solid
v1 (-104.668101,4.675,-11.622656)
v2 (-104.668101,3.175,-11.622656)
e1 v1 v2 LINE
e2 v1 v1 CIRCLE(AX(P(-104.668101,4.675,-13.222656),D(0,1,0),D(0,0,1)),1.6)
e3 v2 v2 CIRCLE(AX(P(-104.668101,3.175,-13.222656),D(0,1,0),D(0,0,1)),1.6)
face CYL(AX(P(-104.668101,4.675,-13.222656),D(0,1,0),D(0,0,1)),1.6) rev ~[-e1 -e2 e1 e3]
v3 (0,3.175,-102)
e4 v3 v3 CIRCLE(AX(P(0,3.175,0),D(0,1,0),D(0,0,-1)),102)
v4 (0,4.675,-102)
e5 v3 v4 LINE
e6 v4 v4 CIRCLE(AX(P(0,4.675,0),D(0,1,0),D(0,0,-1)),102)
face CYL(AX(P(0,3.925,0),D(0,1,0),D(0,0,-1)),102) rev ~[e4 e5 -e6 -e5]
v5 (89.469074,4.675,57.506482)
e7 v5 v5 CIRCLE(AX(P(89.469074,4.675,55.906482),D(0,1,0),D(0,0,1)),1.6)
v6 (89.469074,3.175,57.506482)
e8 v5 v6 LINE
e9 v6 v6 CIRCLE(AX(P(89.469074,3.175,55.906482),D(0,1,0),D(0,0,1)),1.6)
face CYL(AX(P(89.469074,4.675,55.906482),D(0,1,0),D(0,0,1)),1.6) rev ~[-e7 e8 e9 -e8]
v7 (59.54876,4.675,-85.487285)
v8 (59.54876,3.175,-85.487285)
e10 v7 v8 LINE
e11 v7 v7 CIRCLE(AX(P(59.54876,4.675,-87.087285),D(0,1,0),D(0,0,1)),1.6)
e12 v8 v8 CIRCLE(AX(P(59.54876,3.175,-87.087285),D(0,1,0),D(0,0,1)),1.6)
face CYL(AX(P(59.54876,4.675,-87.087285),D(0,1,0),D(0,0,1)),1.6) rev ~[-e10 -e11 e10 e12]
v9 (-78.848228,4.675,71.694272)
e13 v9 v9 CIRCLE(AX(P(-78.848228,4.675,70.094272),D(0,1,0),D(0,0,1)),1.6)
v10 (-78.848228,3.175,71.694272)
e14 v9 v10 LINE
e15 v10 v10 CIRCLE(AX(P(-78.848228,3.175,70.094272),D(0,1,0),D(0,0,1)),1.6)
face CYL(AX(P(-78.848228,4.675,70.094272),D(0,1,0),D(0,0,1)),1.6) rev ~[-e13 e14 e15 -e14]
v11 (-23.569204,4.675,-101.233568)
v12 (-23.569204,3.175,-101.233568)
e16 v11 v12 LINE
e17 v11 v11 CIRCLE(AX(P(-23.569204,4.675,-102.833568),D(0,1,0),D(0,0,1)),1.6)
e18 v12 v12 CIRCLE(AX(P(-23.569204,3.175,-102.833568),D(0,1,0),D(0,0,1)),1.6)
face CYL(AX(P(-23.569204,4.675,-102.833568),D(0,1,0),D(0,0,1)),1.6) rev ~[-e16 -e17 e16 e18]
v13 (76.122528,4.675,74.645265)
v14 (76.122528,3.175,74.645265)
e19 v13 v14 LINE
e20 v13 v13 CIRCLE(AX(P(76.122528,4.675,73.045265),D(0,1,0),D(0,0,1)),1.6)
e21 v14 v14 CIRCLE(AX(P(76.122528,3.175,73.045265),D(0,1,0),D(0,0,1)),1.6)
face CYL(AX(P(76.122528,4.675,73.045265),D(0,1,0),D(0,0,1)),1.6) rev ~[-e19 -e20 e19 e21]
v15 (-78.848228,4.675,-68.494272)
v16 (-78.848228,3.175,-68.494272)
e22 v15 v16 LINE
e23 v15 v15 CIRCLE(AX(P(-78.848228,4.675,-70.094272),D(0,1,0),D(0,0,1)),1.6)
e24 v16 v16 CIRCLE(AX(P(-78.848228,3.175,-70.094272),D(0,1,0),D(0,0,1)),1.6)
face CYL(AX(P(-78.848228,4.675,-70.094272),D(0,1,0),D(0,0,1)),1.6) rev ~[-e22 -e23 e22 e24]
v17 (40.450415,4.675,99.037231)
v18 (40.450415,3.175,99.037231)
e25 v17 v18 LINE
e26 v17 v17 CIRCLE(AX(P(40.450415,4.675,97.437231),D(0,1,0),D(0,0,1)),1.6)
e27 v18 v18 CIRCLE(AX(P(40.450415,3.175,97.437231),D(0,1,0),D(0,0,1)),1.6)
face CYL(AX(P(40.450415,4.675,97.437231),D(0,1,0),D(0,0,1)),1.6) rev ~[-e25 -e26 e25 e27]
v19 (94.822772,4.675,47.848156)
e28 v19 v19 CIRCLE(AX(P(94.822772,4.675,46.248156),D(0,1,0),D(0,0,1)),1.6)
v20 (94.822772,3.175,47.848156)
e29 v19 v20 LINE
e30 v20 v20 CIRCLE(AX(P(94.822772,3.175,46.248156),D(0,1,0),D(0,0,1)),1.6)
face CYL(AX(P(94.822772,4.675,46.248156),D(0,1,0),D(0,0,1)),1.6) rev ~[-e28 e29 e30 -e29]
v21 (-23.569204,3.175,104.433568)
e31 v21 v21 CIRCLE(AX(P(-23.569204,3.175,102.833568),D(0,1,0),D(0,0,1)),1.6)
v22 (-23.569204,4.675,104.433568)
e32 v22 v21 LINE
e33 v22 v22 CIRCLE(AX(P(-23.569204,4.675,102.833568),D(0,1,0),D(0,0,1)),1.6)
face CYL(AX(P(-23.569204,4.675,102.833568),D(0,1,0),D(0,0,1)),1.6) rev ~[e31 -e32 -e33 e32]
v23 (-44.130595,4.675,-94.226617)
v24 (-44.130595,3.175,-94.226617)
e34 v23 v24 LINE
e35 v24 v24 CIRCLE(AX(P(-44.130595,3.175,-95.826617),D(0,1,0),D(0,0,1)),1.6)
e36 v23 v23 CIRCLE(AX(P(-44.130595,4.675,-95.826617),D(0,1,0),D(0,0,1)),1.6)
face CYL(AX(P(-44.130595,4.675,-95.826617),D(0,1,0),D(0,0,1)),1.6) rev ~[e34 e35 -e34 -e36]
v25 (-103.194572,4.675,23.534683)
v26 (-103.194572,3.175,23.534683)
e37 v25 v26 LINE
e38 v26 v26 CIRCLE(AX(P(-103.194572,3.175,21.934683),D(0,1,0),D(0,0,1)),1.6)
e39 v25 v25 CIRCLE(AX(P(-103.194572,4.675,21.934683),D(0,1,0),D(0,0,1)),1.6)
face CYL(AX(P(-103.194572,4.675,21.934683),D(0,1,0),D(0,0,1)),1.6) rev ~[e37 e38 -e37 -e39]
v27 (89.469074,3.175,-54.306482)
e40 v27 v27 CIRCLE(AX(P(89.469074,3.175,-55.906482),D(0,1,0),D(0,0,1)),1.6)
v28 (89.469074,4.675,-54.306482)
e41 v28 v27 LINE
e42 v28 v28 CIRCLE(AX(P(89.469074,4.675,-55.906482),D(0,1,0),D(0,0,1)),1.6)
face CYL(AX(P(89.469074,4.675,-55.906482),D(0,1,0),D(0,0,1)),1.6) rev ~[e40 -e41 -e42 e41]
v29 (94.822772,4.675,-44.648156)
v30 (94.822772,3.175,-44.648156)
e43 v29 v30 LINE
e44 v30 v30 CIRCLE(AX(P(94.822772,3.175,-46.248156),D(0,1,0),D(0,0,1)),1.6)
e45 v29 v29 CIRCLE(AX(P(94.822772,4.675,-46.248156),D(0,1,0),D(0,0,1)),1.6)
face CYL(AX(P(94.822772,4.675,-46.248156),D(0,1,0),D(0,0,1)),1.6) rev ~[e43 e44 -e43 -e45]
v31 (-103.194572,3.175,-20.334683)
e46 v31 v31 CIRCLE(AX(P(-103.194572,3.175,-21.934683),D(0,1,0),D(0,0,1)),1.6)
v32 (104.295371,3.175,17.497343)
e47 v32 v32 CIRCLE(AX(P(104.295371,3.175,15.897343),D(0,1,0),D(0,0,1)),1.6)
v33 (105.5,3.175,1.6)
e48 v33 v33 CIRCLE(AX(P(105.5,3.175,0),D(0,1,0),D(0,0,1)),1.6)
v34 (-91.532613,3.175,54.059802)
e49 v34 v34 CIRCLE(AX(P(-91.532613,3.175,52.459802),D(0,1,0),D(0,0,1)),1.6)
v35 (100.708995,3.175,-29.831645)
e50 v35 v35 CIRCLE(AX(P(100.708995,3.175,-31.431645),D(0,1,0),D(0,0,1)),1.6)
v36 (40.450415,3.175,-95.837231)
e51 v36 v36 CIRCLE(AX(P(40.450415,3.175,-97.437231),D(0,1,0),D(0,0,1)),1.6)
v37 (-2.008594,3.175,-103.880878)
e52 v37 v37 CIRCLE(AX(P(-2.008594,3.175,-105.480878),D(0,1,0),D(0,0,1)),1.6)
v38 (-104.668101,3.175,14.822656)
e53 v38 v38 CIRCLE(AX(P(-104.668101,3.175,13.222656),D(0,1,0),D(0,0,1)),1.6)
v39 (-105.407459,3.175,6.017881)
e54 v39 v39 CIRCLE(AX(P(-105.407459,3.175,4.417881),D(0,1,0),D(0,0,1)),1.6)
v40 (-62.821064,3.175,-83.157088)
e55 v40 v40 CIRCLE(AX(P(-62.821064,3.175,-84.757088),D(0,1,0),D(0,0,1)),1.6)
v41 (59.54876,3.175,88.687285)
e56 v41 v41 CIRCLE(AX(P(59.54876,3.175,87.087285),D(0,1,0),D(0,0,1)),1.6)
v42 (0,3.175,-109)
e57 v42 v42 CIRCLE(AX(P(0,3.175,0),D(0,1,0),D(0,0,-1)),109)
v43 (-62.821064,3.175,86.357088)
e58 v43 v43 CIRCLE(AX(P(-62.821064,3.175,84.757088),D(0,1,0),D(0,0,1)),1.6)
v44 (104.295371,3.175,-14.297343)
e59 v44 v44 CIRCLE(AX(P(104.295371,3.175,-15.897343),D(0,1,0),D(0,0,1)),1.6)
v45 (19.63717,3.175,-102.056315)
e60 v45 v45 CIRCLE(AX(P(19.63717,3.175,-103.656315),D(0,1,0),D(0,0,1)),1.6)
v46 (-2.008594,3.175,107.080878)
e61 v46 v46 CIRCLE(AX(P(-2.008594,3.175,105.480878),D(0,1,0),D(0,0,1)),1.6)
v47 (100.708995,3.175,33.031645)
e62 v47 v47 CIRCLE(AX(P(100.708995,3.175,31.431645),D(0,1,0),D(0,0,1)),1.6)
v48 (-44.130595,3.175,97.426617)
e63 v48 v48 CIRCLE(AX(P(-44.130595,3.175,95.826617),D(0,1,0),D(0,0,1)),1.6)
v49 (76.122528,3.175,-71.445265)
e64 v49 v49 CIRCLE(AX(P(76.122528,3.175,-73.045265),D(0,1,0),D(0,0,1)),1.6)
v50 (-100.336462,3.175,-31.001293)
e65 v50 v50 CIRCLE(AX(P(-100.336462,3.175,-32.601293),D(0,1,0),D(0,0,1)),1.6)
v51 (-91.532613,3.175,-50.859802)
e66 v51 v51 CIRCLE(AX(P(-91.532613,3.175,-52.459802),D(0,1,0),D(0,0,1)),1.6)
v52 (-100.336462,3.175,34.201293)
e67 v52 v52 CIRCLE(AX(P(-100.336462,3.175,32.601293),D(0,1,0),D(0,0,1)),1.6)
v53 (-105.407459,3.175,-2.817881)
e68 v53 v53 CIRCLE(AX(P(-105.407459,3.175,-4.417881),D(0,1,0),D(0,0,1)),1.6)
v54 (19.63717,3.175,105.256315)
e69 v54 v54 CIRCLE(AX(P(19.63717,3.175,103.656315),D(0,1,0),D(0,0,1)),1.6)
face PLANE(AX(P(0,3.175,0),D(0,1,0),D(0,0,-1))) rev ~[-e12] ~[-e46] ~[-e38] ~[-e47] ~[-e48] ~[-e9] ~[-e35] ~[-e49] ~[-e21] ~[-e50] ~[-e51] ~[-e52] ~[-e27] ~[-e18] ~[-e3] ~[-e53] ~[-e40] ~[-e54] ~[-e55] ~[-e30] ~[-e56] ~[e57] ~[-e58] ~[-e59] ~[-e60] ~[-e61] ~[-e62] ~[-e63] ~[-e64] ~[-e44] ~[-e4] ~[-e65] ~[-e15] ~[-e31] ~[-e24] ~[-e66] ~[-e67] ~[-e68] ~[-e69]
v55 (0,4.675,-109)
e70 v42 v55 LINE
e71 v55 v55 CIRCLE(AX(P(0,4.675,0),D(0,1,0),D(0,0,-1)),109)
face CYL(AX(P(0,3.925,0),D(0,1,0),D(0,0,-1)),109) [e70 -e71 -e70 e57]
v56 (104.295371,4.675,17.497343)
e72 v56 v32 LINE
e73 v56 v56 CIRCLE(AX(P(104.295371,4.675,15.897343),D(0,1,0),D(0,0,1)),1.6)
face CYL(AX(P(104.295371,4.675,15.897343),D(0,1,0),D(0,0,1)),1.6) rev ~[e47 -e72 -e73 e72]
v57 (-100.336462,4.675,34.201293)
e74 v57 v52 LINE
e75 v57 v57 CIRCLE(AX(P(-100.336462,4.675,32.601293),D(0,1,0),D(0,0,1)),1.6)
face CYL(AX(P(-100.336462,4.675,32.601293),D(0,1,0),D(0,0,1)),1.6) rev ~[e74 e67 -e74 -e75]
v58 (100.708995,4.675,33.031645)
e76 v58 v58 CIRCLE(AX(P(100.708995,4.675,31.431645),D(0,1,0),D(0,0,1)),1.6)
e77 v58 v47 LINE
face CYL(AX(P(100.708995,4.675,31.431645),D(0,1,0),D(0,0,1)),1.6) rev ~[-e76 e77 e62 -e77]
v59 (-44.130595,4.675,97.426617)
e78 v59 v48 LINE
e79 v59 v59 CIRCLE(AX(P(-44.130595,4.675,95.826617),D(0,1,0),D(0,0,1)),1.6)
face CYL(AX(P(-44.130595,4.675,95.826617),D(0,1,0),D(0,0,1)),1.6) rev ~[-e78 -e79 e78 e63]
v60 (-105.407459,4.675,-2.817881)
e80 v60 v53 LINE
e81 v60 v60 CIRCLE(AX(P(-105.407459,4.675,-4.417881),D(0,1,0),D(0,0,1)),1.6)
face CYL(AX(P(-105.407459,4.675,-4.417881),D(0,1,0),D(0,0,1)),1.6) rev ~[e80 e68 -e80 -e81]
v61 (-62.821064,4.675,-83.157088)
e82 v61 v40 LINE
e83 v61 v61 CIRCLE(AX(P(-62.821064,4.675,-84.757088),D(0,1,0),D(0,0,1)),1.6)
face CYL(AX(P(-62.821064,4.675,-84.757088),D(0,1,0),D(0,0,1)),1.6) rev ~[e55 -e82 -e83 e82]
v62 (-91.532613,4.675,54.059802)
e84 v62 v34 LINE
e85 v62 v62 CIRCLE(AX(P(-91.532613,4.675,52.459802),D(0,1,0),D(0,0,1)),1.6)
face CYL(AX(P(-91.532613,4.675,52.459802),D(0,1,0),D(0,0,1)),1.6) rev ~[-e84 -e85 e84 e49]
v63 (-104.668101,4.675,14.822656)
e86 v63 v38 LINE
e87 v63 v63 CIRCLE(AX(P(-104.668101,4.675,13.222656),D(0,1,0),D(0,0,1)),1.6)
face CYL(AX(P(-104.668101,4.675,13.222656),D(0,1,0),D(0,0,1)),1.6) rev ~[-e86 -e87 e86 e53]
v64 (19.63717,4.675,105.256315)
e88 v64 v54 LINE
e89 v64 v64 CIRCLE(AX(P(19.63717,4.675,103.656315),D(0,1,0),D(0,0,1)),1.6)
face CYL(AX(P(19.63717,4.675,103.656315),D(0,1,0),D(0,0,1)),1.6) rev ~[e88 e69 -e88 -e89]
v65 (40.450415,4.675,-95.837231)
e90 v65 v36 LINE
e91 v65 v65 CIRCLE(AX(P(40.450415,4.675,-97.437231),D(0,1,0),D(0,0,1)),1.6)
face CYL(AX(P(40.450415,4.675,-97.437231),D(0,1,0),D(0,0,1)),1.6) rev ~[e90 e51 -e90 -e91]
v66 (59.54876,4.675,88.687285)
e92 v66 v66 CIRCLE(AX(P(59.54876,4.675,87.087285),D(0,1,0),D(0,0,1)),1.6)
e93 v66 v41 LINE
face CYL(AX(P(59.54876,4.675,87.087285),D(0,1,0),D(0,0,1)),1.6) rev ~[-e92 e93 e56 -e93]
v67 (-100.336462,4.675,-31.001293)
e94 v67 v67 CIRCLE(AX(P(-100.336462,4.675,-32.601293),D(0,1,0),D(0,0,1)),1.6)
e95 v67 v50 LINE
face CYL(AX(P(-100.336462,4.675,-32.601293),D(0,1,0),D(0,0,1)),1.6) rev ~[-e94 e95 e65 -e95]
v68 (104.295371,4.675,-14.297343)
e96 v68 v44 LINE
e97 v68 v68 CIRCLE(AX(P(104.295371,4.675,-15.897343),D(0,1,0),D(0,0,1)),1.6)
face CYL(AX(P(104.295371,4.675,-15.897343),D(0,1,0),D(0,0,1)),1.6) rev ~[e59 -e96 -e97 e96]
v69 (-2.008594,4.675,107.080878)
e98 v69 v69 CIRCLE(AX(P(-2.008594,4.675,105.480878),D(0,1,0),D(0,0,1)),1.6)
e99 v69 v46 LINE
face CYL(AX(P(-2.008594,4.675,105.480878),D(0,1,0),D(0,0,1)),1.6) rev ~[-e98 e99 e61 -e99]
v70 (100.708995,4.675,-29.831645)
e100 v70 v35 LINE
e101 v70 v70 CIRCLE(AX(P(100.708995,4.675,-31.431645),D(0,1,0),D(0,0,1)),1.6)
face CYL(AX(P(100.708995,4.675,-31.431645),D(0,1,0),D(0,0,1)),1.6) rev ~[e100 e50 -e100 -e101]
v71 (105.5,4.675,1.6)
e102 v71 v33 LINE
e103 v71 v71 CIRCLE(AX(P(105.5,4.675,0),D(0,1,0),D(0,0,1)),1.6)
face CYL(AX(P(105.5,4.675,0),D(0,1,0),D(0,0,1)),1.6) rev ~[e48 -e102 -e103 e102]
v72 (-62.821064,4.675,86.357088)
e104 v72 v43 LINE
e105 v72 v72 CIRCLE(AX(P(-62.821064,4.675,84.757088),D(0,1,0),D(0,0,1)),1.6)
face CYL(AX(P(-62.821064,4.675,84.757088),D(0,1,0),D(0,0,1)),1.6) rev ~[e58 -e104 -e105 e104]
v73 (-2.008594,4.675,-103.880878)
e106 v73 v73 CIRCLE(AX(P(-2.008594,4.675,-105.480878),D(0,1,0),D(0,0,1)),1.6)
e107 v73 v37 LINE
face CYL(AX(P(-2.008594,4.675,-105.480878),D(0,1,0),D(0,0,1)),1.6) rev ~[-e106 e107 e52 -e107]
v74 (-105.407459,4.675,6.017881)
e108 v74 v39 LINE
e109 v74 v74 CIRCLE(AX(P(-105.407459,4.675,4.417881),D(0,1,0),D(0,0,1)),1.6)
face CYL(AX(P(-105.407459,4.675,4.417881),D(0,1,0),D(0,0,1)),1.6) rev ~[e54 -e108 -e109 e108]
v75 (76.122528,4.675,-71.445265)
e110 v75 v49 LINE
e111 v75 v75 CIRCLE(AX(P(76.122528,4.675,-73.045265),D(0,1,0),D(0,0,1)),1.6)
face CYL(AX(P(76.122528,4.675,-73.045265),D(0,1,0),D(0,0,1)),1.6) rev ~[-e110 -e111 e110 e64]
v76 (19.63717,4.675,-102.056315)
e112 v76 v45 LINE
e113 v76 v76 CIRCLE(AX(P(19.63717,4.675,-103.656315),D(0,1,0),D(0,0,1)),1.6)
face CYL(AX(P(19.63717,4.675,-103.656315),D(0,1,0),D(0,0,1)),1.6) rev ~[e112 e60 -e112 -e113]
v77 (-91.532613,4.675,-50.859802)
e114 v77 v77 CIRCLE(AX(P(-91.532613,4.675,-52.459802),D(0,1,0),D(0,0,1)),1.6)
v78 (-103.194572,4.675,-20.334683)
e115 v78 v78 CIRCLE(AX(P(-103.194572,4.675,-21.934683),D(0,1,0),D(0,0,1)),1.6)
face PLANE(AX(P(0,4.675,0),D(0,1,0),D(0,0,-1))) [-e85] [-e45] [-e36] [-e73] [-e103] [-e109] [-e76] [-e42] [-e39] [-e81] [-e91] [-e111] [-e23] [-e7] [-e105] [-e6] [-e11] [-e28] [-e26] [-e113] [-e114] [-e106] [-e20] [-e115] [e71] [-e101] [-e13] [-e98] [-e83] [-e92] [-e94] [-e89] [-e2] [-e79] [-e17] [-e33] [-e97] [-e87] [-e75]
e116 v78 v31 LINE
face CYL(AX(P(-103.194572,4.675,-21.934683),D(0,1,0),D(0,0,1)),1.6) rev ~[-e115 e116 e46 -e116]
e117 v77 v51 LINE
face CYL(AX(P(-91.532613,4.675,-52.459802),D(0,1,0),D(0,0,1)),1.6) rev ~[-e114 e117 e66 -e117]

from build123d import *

# Parameters (mm, degrees)
SKETCH1_W          = 7
SKETCH1_H          = 1.5
SKETCH3_R          = 1.6
CUT_EXTRUDE2_DEPTH = 155.156576246


with BuildPart() as part:
    # Sketch1 → Revolve1 (revolve)
    with BuildSketch(Plane.XY, mode=Mode.PRIVATE) as revolve1_sk:
        with Locations((-105.5, 3.925)):
            Rectangle(SKETCH1_W, SKETCH1_H)
    revolve(revolve1_sk.sketch.rotate(Axis((0, -200069.047495165, 0), (0, 1, 0)), 270), axis=Axis((0, -200069.047495165, 0), (0, 1, 0)))

    # Sketch3 → Cut-Extrude2 (cut, through all)
    with BuildSketch(Plane(origin=(0, 4.675, 0), x_dir=(1, 0, 0), z_dir=(0, 1, 0))):
        with Locations(Location((-103.194571877, -21.934683381, 0), (0, 0, 270))):
            Circle(SKETCH3_R)
        with Locations(Location((-105.407458575, -4.417881468, 0), (0, 0, 270))):
            Circle(SKETCH3_R)
        with Locations(Location((-104.668100989, -13.222656141, 0), (0, 0, 270))):
            Circle(SKETCH3_R)
        with Locations(Location((-100.336462469, 32.601292907, 0), (0, 0, 270))):
            Circle(SKETCH3_R)
        with Locations(Location((104.295371407, 15.897342642, 0), (0, 0, 270))):
            Circle(SKETCH3_R)
        with Locations(Location((100.708995202, 31.43164465, 0), (0, 0, 270))):
            Circle(SKETCH3_R)
        with Locations(Location((94.822771885, 46.248155986, 0), (0, 0, 270))):
            Circle(SKETCH3_R)
        with Locations(Location((-103.194571877, 21.934683381, 0), (0, 0, 270))):
            Circle(SKETCH3_R)
        with Locations(Location((-104.668100989, 13.222656141, 0), (0, 0, 270))):
            Circle(SKETCH3_R)
        with Locations(Location((-105.407458575, 4.417881468, 0), (0, 0, 270))):
            Circle(SKETCH3_R)
        with Locations(Location((89.469074145, -55.906482377, 0), (0, 0, 270))):
            Circle(SKETCH3_R)
        with Locations(Location((-44.130594647, 95.826617472, 0), (0, 0, 270))):
            Circle(SKETCH3_R)
        with Locations(Location((-62.82106423, 84.757087545, 0), (0, 0, 270))):
            Circle(SKETCH3_R)
        with Locations(Location((-78.848228037, 70.094271773, 0), (0, 0, 270))):
            Circle(SKETCH3_R)
        with Locations(Location((-91.532612735, 52.45980181, 0), (0, 0, 270))):
            Circle(SKETCH3_R)
        with Locations(Location((94.822771885, -46.248155986, 0), (0, 0, 270))):
            Circle(SKETCH3_R)
        with Locations(Location((100.708995202, -31.43164465, 0), (0, 0, 270))):
            Circle(SKETCH3_R)
        with Locations(Location((104.295371407, -15.897342642, 0), (0, 0, 270))):
            Circle(SKETCH3_R)
        with Locations(Location((105.5, 0, 0), (0, 0, 270))):
            Circle(SKETCH3_R)
        with Locations(Location((76.122528254, -73.04526468, 0), (0, 0, 270))):
            Circle(SKETCH3_R)
        with Locations(Location((89.469074145, 55.906482377, 0), (0, 0, 270))):
            Circle(SKETCH3_R)
        with Locations(Location((76.122528254, 73.04526468, 0), (0, 0, 270))):
            Circle(SKETCH3_R)
        with Locations(Location((59.54875959, 87.08728513, 0), (0, 0, 270))):
            Circle(SKETCH3_R)
        with Locations(Location((40.450414858, 97.437230758, 0), (0, 0, 270))):
            Circle(SKETCH3_R)
        with Locations(Location((19.637170436, 103.656314507, 0), (0, 0, 270))):
            Circle(SKETCH3_R)
        with Locations(Location((-2.008593938, 105.480877653, 0), (0, 0, 270))):
            Circle(SKETCH3_R)
        with Locations(Location((-23.569203757, 102.833567643, 0), (0, 0, 270))):
            Circle(SKETCH3_R)
        with Locations(Location((-91.532612735, -52.45980181, 0), (0, 0, 270))):
            Circle(SKETCH3_R)
        with Locations(Location((-62.82106423, -84.757087545, 0), (0, 0, 270))):
            Circle(SKETCH3_R)
        with Locations(Location((-44.130594647, -95.826617472, 0), (0, 0, 270))):
            Circle(SKETCH3_R)
        with Locations(Location((-23.569203757, -102.833567643, 0), (0, 0, 270))):
            Circle(SKETCH3_R)
        with Locations(Location((-2.008593938, -105.480877653, 0), (0, 0, 270))):
            Circle(SKETCH3_R)
        with Locations(Location((19.637170436, -103.656314507, 0), (0, 0, 270))):
            Circle(SKETCH3_R)
        with Locations(Location((40.450414858, -97.437230758, 0), (0, 0, 270))):
            Circle(SKETCH3_R)
        with Locations(Location((59.54875959, -87.08728513, 0), (0, 0, 270))):
            Circle(SKETCH3_R)
        with Locations(Location((-78.848228037, -70.094271773, 0), (0, 0, 270))):
            Circle(SKETCH3_R)
        with Locations(Location((-100.336462469, -32.601292907, 0), (0, 0, 270))):
            Circle(SKETCH3_R)
    extrude(amount=-CUT_EXTRUDE2_DEPTH, mode=Mode.SUBTRACT)


solid = part.part
